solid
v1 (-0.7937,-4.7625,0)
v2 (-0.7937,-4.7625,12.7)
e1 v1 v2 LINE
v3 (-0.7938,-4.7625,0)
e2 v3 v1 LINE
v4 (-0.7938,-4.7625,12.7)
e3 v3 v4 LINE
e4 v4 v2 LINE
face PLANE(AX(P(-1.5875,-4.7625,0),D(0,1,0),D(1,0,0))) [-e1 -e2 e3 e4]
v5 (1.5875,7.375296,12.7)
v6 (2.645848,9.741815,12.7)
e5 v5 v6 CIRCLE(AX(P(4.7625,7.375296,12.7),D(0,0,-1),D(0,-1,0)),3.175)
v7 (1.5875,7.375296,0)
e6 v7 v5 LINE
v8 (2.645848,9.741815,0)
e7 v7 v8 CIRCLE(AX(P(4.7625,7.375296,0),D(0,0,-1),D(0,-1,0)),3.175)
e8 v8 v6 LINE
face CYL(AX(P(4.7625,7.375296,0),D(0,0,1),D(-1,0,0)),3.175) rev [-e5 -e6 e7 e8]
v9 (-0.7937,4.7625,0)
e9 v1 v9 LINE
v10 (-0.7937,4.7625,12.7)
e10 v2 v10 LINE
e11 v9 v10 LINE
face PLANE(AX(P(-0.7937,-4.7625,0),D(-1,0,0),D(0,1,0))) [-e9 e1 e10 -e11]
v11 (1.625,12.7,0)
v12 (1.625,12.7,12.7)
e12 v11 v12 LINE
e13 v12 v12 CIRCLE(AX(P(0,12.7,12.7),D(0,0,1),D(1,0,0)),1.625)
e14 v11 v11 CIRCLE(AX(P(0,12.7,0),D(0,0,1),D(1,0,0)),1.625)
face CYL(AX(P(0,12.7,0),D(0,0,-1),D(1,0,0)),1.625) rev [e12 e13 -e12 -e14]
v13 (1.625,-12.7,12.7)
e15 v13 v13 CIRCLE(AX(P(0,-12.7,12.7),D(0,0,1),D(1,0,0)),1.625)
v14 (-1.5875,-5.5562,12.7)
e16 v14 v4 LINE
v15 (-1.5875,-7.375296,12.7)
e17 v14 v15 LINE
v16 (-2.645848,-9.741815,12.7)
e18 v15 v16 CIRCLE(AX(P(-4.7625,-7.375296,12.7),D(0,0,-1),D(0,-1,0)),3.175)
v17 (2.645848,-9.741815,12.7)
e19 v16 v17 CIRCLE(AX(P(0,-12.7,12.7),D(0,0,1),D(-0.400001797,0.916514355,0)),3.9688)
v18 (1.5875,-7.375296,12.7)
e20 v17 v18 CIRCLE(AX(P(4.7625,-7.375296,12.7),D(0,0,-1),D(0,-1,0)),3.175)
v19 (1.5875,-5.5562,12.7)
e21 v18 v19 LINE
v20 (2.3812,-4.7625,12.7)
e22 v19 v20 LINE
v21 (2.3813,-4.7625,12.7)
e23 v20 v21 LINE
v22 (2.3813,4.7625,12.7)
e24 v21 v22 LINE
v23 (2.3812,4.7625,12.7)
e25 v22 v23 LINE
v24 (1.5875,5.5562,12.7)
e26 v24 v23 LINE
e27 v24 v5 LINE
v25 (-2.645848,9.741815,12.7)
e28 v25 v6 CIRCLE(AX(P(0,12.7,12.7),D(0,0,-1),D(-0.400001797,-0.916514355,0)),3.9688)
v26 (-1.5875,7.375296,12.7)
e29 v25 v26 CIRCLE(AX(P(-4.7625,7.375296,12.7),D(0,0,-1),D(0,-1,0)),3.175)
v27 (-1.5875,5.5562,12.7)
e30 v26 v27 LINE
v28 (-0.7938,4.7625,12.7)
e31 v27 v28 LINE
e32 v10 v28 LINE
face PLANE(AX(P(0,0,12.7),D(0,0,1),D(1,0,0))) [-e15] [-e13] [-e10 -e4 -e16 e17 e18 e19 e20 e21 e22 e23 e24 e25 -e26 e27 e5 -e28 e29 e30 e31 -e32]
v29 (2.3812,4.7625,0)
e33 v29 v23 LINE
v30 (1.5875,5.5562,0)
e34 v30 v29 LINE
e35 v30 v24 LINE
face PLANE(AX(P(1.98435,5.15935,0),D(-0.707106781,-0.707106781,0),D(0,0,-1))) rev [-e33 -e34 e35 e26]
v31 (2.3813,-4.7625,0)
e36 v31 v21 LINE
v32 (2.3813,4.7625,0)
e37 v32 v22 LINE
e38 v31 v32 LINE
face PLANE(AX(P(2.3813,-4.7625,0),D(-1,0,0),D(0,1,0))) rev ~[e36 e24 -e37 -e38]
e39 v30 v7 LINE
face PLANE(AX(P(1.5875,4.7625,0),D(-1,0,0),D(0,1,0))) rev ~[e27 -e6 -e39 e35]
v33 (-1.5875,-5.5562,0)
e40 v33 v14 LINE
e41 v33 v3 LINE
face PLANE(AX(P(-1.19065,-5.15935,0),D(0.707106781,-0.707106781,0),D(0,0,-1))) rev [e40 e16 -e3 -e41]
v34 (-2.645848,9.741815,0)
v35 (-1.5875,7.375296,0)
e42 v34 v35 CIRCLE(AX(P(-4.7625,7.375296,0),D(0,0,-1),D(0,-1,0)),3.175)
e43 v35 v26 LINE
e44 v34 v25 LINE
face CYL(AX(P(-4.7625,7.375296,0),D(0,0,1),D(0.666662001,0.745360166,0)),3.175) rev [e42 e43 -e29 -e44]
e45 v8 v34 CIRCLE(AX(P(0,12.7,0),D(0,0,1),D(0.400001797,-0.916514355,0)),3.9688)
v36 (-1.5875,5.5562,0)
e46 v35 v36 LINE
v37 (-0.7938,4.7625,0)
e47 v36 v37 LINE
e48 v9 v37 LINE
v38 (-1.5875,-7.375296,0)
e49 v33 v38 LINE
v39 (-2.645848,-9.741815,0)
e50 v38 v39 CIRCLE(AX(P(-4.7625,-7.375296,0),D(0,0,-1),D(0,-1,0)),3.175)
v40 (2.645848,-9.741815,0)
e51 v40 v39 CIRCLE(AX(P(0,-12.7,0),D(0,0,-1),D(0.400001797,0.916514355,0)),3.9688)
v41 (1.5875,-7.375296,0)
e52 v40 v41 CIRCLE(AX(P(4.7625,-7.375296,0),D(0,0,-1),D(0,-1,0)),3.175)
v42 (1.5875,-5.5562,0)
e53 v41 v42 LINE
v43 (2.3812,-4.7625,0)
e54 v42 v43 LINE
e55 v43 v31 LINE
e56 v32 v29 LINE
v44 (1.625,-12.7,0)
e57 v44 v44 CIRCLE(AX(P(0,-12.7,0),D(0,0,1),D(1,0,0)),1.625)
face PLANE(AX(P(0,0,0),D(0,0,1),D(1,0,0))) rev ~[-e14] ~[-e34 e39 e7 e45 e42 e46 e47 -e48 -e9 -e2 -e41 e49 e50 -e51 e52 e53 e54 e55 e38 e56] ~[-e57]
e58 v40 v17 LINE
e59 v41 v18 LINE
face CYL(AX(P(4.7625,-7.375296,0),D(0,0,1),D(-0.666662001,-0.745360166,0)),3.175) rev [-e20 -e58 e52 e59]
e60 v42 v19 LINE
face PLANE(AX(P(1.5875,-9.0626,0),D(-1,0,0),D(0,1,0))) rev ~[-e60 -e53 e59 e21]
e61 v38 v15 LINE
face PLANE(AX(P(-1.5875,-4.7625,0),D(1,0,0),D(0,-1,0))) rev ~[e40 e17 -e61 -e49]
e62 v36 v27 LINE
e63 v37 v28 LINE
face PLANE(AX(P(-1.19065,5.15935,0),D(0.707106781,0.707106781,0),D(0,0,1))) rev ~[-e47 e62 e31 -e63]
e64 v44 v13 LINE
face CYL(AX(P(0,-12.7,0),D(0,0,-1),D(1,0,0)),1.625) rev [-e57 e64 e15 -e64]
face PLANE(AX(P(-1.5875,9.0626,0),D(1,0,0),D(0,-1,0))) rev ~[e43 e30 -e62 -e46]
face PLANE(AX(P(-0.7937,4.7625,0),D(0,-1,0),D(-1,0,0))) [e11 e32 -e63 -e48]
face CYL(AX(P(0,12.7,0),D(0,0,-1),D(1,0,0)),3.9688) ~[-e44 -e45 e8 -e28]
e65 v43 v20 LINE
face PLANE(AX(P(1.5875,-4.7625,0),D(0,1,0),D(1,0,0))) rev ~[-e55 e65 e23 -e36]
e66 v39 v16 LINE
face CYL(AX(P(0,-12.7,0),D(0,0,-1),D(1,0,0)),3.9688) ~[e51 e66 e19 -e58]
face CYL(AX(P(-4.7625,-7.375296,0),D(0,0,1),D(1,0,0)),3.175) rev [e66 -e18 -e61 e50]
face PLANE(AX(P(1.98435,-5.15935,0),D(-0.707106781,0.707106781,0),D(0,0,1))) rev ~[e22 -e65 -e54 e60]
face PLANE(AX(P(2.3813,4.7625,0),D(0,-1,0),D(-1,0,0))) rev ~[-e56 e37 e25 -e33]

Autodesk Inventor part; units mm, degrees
ref_plane "YZ Plane" through (0, 0, 0) normal (1, 0, 0) x (0, 1, 0)
ref_plane "XZ Plane" through (0, 0, 0) normal (0, 1, 0) x (-1, 0, 0)
ref_plane "XY Plane" through (0, 0, 0) normal (0, 0, 1) x (1, 0, 0)
sketch "Sketch1" plane through (0, 0, 0) normal (0, 0, 1) x (1, 0, 0)
  line L0 (0, 0) -> (0, 12.7) construction
  circle A0 centre (0, 12.7) radius 1.625
  circle A1 centre (0, 12.7) radius 3.9688
  line L1 (-1.5875, -9.0626) -> (1.5875, -9.0626) construction
  line L2 (1.5875, -9.0626) -> (1.5875, 9.0626)
  line L3 (1.5875, 9.0626) -> (-1.5875, 9.0626) construction
  line L4 (-1.5875, 9.0626) -> (-1.5875, -9.0626)
  line L5 (-1.5875, -9.0626) -> (1.5875, 9.0626) construction
  line L6 (1.5875, -9.0626) -> (-1.5875, 9.0626) construction
  circle A2 centre (0, -12.7) radius 1.625
  circle A3 centre (0, -12.7) radius 3.9688
  line L7 (-1.5875, -9.0626) -> (1.5875, -9.0626) construction
  line L8 (-2.3813, -4.7625) -> (-0.7937, -4.7625)
  line L9 (-0.7937, -4.7625) -> (-0.7937, 4.7625)
  line L10 (-0.7937, 4.7625) -> (-2.3813, 4.7625)
  line L11 (-2.3813, 4.7625) -> (-2.3813, -4.7625) construction
  line L12 (-2.3813, -4.7625) -> (-0.7937, 4.7625) construction
  line L13 (-0.7937, -4.7625) -> (-2.3813, 4.7625) construction
  line L14 (0.7937, -4.7625) -> (2.3813, -4.7625)
  line L15 (2.3813, -4.7625) -> (2.3813, 4.7625)
  line L16 (2.3813, 4.7625) -> (0.7937, 4.7625)
  line L17 (0.7937, 4.7625) -> (0.7937, -4.7625) construction
  line L18 (0.7937, -4.7625) -> (2.3813, 4.7625) construction
  line L19 (2.3813, -4.7625) -> (0.7937, 4.7625) construction
  point P0 (-1.5875, 0)
  point P1 (1.5875, 0)
  point P2 (-1.5875, 4.7625)
  point P3 (-1.5875, -4.7625)
  point P4 (1.5875, -4.7625)
  point P5 (1.5875, 4.7625)
  dimension "d2" = 7.9375
  dimension "d0" = 12.7
  dimension "d1" = 3.25
  dimension "d3" = 3.175
  dimension "d6" = 360
  dimension "d8" = 1.5875
  dimension "d9" = 9.525
  dimension "d10" = 1.5875
  dimension "d11" = 9.525
extrude "Extrusion1" add sketch "Sketch1" along normal blind 12.7 contours A1 | A1 L2 A3 L4 L8 L9 L10 | L16 L15 L14 L2 | A3
chamfer "Chamfer1" distance 0.7937 angle 45 4 edges at (-1.5875, 4.7625, 6.35) (1.5875, 4.7625, 6.35) (1.5875, -4.7625, 6.35) (-1.5875, -4.7625, 6.35)
fillet "Fillet1" radius 3.175 4 edges at (1.5875, 9.0626, 6.35) (-1.5875, 9.0626, 6.35) (1.5875, -9.0626, 6.35) (-1.5875, -9.0626, 6.35)
properties part number "Hinge"
